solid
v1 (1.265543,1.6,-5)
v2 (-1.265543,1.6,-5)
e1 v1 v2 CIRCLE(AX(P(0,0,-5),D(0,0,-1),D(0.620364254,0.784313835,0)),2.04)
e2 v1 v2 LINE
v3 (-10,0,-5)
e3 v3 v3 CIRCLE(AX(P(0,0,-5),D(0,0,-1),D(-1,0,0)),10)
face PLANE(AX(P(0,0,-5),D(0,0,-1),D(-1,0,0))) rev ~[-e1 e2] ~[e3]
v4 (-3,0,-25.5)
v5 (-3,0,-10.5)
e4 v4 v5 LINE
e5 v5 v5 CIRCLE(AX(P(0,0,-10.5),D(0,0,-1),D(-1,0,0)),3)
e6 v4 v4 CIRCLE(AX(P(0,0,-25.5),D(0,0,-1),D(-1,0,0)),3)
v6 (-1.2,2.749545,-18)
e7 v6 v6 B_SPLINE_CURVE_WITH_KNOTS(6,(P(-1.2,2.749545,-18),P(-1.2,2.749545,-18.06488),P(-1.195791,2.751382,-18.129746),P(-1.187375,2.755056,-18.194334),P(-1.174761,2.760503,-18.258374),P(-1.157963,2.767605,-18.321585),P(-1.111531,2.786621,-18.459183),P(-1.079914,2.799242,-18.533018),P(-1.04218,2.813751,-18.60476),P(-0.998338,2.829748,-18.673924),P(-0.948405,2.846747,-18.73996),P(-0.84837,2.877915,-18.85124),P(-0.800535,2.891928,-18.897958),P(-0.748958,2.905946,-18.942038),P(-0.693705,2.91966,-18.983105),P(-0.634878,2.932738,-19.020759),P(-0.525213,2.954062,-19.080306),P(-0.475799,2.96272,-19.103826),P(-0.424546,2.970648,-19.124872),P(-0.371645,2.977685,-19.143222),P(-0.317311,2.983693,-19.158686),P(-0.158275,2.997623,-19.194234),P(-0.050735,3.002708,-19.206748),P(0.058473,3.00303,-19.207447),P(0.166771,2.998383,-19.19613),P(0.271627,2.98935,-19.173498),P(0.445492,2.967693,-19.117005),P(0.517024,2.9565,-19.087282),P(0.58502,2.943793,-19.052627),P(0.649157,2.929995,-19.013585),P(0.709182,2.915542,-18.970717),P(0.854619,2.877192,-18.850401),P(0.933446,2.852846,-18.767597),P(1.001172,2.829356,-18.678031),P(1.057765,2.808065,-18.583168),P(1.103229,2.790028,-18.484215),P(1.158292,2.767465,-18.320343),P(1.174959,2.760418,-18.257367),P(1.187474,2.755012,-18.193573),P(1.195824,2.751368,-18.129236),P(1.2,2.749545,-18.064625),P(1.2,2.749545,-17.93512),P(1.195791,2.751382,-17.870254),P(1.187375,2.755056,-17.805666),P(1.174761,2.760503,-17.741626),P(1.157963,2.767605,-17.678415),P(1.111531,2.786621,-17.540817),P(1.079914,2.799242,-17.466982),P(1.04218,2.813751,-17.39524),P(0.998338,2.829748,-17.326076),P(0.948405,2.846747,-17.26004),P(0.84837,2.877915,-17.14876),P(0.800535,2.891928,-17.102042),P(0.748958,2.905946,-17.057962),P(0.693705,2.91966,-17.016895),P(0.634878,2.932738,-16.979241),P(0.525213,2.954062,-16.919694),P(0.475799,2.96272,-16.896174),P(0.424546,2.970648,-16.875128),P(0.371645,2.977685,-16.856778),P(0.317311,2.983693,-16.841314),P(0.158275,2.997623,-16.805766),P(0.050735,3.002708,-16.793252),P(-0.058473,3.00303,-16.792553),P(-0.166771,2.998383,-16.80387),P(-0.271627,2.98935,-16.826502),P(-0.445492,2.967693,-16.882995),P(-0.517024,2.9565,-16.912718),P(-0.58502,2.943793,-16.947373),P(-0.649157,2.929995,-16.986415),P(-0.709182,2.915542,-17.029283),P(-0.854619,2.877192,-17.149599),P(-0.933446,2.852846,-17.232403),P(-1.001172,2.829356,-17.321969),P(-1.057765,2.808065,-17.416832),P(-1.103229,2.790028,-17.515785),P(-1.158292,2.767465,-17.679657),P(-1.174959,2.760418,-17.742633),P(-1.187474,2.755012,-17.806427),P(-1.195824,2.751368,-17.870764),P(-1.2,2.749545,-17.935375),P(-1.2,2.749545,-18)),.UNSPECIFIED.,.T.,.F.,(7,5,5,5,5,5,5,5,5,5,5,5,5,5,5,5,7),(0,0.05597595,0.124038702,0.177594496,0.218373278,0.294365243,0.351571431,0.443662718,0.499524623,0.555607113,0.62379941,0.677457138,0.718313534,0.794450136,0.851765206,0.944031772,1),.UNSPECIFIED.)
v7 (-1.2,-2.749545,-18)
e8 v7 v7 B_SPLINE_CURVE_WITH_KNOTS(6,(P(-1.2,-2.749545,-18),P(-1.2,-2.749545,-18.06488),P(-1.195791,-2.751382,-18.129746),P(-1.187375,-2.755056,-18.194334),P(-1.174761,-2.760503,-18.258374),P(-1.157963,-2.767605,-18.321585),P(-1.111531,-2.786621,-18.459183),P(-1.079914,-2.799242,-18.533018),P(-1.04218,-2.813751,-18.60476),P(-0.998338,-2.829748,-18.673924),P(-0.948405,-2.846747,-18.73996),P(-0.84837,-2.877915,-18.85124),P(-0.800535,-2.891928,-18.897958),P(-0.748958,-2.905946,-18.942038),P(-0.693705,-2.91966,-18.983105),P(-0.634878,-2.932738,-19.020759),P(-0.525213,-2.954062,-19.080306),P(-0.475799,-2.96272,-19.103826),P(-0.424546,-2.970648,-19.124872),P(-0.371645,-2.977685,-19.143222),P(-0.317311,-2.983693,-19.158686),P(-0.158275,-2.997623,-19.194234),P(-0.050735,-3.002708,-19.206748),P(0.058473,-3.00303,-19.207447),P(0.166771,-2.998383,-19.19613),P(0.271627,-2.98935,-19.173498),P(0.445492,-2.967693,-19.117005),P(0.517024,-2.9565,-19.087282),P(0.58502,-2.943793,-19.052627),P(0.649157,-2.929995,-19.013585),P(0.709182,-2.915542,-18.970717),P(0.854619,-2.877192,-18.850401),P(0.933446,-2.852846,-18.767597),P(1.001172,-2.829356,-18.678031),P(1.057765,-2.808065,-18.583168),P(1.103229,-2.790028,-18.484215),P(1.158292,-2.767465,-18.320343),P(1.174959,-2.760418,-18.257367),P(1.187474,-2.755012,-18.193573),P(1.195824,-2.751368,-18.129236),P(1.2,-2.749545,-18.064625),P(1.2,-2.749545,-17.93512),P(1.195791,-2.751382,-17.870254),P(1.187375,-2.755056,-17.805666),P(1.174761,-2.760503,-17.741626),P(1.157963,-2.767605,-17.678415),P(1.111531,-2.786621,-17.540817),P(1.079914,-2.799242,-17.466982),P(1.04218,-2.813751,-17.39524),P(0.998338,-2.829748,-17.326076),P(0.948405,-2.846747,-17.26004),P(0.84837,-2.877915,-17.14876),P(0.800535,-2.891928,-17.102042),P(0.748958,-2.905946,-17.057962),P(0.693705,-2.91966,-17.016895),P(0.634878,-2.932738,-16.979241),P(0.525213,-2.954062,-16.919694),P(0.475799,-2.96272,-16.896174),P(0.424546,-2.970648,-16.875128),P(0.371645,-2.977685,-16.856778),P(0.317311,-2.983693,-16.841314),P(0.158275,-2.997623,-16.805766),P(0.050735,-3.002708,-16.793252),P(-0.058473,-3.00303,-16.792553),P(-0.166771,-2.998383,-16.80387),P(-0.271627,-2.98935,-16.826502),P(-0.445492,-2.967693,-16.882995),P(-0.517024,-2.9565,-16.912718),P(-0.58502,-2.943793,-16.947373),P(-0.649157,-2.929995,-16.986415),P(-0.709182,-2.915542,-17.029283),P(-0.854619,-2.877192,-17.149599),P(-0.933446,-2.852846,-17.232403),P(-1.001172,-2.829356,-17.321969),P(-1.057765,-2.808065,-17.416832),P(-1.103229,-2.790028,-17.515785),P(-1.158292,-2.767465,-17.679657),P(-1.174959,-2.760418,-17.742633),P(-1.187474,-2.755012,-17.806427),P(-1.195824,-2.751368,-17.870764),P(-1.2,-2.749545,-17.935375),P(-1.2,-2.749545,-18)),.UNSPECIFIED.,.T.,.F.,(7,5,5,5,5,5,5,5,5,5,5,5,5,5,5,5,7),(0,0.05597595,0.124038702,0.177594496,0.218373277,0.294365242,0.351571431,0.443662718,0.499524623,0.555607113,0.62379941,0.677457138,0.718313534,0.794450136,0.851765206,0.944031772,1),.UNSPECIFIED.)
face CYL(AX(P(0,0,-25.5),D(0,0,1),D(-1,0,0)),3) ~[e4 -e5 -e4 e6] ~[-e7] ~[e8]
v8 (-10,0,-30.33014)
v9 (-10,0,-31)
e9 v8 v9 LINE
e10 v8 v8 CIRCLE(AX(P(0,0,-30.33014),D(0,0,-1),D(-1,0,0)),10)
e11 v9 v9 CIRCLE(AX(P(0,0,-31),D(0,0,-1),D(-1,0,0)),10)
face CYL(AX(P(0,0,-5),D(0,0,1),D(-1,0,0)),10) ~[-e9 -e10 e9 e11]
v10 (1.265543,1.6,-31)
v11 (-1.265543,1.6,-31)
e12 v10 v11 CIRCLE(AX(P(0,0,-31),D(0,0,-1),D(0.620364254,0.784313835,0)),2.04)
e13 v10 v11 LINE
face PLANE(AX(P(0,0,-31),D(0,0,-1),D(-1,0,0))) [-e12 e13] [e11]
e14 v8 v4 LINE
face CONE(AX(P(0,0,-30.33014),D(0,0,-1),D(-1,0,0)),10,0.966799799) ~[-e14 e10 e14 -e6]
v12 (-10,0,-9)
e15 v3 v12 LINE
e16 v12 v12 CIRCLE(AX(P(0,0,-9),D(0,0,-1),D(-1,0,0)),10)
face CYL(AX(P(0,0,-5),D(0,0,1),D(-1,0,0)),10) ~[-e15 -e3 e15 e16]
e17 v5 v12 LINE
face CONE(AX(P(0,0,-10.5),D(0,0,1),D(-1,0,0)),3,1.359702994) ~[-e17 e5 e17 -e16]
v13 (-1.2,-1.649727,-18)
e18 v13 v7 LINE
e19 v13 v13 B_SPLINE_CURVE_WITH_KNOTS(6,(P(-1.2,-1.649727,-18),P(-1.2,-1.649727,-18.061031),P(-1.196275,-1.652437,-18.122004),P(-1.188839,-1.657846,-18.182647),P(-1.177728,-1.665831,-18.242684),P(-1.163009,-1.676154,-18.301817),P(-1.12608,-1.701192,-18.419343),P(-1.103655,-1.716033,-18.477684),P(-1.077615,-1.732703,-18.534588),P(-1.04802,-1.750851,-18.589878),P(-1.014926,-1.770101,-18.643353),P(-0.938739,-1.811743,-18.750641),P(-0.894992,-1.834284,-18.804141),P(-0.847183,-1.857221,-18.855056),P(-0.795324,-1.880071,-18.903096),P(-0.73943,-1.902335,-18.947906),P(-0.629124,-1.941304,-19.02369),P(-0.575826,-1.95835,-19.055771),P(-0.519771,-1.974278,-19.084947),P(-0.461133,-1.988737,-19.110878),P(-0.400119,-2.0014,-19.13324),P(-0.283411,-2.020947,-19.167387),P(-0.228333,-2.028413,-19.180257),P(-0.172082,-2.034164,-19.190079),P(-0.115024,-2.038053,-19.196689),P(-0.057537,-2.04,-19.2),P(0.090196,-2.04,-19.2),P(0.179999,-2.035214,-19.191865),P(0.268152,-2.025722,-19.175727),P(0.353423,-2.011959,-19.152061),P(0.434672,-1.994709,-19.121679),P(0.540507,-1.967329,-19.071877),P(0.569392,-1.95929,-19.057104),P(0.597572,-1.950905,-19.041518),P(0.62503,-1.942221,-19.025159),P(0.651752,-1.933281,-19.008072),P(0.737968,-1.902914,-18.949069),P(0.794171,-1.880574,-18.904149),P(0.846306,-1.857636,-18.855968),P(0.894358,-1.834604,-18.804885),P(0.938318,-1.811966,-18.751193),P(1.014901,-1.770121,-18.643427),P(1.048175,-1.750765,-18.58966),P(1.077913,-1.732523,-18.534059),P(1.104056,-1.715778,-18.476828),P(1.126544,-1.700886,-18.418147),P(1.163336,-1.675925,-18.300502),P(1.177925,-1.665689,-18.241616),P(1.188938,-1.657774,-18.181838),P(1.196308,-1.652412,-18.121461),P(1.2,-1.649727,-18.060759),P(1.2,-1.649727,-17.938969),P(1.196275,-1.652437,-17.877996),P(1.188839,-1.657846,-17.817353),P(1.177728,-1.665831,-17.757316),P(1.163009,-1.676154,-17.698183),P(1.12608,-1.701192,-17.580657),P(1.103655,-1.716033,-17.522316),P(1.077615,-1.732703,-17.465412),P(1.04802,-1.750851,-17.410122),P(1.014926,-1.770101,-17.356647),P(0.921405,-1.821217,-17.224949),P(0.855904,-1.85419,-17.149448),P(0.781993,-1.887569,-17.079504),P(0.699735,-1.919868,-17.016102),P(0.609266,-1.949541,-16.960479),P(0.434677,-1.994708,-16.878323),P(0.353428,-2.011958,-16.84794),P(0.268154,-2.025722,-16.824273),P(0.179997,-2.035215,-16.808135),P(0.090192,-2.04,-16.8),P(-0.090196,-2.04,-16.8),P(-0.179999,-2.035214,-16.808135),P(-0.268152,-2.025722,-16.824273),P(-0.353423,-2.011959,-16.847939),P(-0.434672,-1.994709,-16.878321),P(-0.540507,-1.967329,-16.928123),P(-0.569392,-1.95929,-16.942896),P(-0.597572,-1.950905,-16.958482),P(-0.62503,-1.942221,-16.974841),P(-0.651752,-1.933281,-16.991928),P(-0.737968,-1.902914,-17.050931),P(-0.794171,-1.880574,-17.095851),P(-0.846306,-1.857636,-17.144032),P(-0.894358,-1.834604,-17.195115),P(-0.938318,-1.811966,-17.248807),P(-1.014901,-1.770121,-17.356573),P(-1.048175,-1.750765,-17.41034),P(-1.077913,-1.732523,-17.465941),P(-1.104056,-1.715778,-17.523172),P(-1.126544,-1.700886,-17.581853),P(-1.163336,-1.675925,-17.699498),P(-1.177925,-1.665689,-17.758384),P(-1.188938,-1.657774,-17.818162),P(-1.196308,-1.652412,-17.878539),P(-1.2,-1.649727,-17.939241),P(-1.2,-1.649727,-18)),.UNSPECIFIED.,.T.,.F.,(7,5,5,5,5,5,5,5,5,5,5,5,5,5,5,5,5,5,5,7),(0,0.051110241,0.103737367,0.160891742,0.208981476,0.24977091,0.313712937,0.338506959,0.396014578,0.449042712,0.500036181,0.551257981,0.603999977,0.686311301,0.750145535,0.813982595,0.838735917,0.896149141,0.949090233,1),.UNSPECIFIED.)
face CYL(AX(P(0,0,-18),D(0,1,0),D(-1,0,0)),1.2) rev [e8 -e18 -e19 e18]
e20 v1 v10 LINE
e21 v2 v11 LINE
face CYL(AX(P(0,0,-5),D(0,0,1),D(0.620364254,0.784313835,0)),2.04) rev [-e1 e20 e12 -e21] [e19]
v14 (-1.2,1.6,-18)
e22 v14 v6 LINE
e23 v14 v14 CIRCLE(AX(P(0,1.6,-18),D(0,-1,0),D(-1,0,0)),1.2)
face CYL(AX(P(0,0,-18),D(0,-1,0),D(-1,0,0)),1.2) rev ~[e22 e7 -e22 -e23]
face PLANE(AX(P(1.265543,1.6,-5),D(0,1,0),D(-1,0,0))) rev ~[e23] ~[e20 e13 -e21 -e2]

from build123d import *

# Parameters (mm, degrees)
SKETCH_R             = 10
PAD_DEPTH            = 26
SKETCH006_R          = 1.2
POCKET_DEPTH         = 10.001
POCKET_DEPTH_BACK    = 10.001
BODY_PLACEMENT_ANGLE = 180


with BuildPart() as part:
    # Sketch → Pad (new body)
    with BuildSketch(Plane.XY):
        Circle(SKETCH_R)
        with BuildLine():
            ThreePointArc((-1.265543, 1.6), (0, -2.04), (1.265543, 1.6))
            Line((-1.265543, 1.6), (1.265543, 1.6))
        make_face(mode=Mode.SUBTRACT)
    extrude(amount=PAD_DEPTH)

    # Sketch001 → Groove (revolve, cut)
    with BuildSketch(Plane.XZ):
        Polygon((10, 25.33014), (3, 20.5), (3, 5.5), (10, 4), align=None)
    revolve(axis=Axis((0, 0, 0), (0, 0, 1)), mode=Mode.SUBTRACT)

    # Sketch006 → Pocket (cut, two sides)
    with BuildSketch(Plane.XZ) as pocket_sk:
        with Locations((0, 13)):
            Circle(SKETCH006_R)
    extrude(amount=-POCKET_DEPTH, mode=Mode.SUBTRACT)
    extrude(pocket_sk.sketch, amount=POCKET_DEPTH_BACK, mode=Mode.SUBTRACT)


with BuildPart() as part_1:
    # Body placement: moved
    add(part.part.moved(Location((0, 0, -5))).rotate(Axis((0, 0, -5), (0, 1, 0)), BODY_PLACEMENT_ANGLE))


solid = part_1.part
